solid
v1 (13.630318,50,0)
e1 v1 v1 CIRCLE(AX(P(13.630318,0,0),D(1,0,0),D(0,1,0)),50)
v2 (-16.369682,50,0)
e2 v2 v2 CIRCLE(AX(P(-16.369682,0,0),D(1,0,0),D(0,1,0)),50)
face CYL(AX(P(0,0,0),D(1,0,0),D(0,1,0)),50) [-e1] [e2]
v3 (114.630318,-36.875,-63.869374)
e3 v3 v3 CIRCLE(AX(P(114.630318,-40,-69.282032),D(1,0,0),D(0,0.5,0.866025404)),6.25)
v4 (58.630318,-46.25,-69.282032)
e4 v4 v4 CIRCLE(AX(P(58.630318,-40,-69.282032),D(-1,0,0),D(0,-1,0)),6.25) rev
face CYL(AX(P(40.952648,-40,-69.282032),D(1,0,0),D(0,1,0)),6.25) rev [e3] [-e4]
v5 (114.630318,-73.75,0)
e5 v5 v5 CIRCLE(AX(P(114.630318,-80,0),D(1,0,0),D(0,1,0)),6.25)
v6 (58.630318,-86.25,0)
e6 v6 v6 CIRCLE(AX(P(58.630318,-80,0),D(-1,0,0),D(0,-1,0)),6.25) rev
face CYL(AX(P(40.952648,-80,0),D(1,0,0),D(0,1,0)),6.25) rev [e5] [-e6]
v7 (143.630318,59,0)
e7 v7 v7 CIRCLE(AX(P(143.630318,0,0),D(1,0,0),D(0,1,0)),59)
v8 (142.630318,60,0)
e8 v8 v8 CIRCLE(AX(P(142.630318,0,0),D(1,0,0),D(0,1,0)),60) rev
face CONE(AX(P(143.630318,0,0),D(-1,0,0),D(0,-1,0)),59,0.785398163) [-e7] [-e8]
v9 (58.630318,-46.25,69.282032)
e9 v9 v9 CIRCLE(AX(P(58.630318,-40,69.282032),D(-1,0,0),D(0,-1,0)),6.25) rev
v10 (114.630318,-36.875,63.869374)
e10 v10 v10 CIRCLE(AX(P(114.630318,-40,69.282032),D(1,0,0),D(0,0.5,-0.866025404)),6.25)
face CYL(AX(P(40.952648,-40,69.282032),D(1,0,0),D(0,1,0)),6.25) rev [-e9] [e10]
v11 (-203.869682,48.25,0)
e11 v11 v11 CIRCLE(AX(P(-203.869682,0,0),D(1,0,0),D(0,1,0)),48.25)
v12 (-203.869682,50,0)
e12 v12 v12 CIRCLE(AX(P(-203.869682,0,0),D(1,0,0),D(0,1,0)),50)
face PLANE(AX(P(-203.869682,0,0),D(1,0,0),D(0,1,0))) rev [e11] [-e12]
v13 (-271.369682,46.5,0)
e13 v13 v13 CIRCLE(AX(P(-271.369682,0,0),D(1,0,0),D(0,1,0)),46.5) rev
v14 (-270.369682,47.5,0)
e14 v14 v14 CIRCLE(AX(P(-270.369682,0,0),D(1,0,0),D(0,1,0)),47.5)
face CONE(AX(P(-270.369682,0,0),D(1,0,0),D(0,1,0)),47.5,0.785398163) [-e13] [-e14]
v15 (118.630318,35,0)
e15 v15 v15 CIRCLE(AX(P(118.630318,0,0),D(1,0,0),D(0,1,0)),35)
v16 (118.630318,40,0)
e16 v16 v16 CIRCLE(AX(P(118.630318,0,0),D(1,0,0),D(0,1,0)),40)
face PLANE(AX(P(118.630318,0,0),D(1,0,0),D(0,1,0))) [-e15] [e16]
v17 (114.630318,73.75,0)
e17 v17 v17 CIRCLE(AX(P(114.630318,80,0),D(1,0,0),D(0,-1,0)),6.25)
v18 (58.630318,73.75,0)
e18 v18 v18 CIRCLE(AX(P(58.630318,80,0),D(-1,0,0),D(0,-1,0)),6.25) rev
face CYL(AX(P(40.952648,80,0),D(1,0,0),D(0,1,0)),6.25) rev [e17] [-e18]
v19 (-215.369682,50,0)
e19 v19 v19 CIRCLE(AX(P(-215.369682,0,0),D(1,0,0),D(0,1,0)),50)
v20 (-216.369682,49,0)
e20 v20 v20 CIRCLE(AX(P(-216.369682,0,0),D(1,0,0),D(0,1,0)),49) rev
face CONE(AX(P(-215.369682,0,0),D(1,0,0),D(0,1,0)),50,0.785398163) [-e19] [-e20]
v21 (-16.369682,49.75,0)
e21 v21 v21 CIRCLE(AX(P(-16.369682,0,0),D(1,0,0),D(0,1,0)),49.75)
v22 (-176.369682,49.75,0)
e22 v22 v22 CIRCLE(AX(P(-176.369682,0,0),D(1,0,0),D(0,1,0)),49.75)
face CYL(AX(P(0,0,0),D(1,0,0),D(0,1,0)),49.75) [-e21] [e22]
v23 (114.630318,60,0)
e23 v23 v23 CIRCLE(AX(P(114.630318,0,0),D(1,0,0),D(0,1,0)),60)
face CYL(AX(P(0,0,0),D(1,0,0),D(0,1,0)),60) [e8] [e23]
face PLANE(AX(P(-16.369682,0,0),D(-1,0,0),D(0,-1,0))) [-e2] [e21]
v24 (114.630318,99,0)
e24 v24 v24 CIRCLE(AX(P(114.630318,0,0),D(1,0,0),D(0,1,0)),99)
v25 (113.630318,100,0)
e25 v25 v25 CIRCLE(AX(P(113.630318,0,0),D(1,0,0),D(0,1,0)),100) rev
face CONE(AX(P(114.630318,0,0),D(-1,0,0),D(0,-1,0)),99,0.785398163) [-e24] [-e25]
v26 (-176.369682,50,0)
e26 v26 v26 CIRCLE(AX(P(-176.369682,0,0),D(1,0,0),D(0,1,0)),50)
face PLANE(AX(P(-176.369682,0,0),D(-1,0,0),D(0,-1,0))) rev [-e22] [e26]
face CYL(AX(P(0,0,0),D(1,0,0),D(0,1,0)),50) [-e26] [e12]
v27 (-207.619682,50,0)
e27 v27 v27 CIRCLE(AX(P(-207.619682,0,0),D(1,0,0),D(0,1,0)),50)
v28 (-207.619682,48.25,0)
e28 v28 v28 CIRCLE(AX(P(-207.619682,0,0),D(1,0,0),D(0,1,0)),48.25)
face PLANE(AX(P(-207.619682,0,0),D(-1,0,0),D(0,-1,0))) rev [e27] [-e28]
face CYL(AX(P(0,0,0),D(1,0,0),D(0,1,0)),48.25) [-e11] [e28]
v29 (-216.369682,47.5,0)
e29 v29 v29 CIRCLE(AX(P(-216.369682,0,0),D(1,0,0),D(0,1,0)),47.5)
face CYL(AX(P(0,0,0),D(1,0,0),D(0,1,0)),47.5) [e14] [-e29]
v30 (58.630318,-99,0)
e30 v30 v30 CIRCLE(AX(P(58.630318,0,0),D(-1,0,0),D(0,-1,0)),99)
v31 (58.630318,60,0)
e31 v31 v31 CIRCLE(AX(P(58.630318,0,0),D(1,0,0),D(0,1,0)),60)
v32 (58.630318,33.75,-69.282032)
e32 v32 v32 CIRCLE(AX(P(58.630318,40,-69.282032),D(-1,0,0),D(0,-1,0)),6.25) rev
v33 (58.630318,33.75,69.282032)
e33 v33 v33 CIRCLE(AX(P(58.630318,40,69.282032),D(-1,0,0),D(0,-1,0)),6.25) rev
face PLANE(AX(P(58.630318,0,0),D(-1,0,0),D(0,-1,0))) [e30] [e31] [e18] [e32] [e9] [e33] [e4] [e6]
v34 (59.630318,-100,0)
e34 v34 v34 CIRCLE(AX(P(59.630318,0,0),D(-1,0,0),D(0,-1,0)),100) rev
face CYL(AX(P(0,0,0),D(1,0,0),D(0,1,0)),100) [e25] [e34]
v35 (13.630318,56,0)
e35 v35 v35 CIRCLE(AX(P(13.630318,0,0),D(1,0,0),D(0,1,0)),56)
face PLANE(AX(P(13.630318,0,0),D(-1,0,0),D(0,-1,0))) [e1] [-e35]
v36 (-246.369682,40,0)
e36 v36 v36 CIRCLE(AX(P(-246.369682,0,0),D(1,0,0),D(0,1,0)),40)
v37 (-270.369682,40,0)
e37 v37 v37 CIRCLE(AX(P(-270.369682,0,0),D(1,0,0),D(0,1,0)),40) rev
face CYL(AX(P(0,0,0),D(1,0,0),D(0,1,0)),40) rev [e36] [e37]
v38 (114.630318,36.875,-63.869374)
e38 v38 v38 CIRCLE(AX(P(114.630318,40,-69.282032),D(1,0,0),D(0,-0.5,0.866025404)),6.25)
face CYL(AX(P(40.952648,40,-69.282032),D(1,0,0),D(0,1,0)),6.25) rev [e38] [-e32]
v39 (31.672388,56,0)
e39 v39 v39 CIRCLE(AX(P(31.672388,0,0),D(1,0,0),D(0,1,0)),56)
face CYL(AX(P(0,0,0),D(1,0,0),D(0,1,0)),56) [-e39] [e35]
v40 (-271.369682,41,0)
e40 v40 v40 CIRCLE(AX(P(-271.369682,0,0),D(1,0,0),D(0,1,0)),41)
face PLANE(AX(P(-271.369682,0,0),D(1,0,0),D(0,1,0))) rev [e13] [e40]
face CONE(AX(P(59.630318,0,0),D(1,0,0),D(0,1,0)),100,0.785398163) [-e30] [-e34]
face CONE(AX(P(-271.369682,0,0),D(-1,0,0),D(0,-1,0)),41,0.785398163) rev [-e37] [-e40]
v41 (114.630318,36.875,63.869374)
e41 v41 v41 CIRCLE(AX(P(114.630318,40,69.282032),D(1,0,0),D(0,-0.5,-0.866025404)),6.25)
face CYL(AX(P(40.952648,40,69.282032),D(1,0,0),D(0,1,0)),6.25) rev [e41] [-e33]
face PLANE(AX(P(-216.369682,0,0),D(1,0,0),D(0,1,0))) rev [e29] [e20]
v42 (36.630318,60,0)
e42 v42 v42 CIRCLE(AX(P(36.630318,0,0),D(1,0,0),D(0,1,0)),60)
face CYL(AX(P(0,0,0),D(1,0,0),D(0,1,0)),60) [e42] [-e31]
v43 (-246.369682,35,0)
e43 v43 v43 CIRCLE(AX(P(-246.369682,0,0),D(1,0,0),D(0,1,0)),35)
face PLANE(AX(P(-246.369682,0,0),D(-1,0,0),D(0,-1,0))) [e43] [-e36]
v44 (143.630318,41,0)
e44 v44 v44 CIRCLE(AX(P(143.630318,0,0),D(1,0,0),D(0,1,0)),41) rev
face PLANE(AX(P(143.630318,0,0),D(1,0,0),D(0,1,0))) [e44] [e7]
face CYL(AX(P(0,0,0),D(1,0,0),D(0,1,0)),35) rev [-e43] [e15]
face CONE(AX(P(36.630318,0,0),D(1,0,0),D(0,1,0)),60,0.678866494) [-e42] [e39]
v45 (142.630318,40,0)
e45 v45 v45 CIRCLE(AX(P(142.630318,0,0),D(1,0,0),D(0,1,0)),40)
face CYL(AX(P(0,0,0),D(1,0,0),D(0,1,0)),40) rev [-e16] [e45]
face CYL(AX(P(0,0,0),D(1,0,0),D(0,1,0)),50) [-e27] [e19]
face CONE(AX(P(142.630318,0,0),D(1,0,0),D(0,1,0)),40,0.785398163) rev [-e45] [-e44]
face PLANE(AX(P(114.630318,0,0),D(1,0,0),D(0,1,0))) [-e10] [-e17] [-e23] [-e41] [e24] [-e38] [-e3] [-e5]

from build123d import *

# Parameters (mm, degrees)
SMUSSO1_SIZE                = 1
SMUSSO2_SIZE                = 1
SCHIZZO6_R                  = 6.25
TAGLIO_ESTRUSIONE1_DEPTH    = 56
RIPETIZIONECIRCOLARE1_COUNT = 6


with BuildPart() as part:
    # Schizzo1 → Rivoluzione1 (revolve)
    with BuildSketch(Plane.XY):
        Polygon((13.630317818, 50), (-16.369682182, 50), (-16.369682182, 49.75), (-176.369682182, 49.75), (-176.369682182, 50), (-203.869682182, 50), (-203.869682182, 48.25), (-207.619682182, 48.25), (-207.619682182, 50), (-216.369682182, 50), (-216.369682182, 47.5), (-271.369682182, 47.5), (-271.369682182, 40), (-246.369682182, 40), (-246.369682182, 35), (118.630317818, 35), (118.630317818, 40), (143.630317818, 40), (143.630317818, 60), (114.630317818, 60), (114.630317818, 100), (58.630317818, 100), (58.630317818, 60), (36.630317818, 60), (31.672388014, 56), (13.630317818, 56), align=None)
    revolve(axis=Axis((0, 0, 0), (-1, 0, 0)))

    # Smusso1
    smusso1_edges = [part.edges().sort_by_distance(p)[0] for p in [
        (58.630317818, -100, 0),
        (114.630317818, -100, 0),
        (143.630317818, -60, 0),
    ]]
    chamfer(smusso1_edges, length=SMUSSO1_SIZE)

    # Smusso2
    smusso2_edges = [part.edges().sort_by_distance(p)[0] for p in [
        (143.630317818, -40, 0),
        (-271.369682182, -40, 0),
        (-271.369682182, -47.5, 0),
        (-216.369682182, -50, 0),
    ]]
    chamfer(smusso2_edges, length=SMUSSO2_SIZE)

    # Schizzo6 → Taglio-Estrusione1 (cut)
    with BuildSketch(Plane(origin=(114.630317818, 0, 0), x_dir=(0, 0, -1), z_dir=(1, 0, 0))):
        with Locations(Location((0, -80, 0), (0, 0, 90))):
            Circle(SCHIZZO6_R)
    taglio_estrusione1 = extrude(amount=-TAGLIO_ESTRUSIONE1_DEPTH, mode=Mode.SUBTRACT)

    # RipetizioneCircolare1: Taglio-Estrusione1 ×6 about axis
    ripetizionecircolare1_axis = Axis((0, 0, 0), (1, 0, 0))
    for i in range(1, RIPETIZIONECIRCOLARE1_COUNT):
        add(taglio_estrusione1.rotate(ripetizionecircolare1_axis, i * 360 / RIPETIZIONECIRCOLARE1_COUNT), mode=Mode.SUBTRACT)


solid = part.part
